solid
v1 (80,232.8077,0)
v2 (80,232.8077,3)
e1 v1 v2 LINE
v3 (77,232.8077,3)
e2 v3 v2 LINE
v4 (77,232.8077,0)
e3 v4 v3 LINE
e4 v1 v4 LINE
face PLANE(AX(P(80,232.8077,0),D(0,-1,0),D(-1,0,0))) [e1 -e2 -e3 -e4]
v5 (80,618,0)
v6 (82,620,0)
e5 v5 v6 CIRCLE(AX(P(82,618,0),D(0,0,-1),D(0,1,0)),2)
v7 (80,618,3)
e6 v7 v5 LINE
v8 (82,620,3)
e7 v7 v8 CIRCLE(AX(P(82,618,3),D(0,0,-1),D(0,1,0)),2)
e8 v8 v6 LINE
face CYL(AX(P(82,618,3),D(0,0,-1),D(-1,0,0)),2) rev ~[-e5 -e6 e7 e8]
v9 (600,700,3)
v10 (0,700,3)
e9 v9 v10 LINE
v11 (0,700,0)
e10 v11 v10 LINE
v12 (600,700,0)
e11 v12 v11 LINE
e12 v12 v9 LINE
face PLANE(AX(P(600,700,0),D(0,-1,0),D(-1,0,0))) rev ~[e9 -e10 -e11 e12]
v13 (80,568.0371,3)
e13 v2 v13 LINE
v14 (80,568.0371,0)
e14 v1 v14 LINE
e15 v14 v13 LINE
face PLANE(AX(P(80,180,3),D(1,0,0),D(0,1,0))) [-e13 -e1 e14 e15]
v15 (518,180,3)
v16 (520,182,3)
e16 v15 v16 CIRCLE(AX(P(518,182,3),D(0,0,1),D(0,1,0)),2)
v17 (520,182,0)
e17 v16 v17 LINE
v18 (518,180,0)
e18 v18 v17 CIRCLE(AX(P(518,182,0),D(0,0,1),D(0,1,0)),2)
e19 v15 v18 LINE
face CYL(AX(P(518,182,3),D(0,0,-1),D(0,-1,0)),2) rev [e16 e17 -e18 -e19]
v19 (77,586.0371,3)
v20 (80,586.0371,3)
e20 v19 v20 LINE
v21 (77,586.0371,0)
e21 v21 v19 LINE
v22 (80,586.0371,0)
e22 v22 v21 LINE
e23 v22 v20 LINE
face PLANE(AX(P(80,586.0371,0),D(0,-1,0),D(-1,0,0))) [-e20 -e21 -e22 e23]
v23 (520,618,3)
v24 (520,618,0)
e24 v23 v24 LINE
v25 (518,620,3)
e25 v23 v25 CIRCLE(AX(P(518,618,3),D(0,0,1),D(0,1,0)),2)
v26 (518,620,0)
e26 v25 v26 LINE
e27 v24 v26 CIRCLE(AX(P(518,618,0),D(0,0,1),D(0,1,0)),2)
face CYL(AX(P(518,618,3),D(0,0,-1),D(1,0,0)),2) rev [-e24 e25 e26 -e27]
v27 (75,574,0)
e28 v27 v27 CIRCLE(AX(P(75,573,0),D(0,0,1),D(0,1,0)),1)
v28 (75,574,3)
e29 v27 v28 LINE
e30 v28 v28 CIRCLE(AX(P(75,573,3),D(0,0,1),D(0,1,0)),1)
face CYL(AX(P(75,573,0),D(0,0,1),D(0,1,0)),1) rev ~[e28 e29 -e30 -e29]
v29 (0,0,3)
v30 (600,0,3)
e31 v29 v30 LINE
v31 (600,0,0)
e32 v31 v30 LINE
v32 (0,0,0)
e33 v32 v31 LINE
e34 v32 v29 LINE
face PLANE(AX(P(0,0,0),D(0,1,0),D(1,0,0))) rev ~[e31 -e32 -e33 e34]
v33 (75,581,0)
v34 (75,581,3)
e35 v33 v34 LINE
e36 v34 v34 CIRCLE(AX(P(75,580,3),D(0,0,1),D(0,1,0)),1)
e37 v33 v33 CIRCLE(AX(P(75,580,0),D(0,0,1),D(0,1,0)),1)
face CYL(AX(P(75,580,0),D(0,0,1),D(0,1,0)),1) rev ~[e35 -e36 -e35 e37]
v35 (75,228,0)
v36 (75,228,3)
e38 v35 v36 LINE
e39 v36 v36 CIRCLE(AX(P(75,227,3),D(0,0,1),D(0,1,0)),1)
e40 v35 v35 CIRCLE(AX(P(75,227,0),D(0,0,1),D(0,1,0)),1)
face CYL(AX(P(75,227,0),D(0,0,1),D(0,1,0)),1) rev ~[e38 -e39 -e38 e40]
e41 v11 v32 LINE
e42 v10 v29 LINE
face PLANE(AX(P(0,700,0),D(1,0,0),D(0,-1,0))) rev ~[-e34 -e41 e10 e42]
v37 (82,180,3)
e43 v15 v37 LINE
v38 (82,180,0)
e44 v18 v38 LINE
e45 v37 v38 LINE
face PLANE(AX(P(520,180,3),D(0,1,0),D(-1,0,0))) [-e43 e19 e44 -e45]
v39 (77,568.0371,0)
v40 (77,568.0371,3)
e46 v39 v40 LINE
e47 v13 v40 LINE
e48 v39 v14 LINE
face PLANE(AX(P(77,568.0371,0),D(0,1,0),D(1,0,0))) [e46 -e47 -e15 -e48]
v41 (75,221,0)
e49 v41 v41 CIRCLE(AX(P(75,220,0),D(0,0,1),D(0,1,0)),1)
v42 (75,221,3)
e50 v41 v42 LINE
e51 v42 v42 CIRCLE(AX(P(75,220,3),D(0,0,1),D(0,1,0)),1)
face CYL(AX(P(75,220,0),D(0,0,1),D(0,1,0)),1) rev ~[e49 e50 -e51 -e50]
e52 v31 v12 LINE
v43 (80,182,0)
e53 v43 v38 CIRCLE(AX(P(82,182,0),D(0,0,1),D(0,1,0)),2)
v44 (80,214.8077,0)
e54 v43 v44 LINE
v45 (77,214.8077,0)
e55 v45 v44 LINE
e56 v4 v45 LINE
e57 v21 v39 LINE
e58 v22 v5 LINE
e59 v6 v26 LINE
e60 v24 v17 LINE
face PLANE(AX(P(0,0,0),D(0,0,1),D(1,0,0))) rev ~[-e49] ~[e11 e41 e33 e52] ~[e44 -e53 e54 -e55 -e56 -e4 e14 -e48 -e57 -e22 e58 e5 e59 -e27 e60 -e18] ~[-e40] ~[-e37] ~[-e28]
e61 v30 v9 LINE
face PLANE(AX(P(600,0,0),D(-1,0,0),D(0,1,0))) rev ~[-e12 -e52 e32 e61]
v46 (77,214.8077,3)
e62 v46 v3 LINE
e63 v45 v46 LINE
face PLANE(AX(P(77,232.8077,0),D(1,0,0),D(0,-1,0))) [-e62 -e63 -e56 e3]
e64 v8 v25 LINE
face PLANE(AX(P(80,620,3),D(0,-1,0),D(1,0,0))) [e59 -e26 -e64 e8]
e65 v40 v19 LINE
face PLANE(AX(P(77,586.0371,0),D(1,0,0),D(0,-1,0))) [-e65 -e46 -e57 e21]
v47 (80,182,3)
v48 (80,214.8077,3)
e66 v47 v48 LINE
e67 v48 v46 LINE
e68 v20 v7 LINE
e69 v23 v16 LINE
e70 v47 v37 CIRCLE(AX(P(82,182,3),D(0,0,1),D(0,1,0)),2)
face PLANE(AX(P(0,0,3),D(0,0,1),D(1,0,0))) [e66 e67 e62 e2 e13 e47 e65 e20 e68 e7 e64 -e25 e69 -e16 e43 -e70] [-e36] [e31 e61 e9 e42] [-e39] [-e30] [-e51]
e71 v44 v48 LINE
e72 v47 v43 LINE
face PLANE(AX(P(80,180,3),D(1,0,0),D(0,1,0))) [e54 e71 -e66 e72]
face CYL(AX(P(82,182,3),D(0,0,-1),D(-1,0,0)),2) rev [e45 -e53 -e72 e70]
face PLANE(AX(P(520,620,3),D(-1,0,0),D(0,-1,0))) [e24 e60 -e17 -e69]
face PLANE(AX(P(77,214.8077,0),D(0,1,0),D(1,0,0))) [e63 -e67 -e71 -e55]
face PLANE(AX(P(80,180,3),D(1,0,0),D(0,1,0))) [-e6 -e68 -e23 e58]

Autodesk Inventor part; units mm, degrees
ref_plane "YZ Plane" through (0, 0, 0) normal (1, 0, 0) x (0, 1, 0)
ref_plane "XZ Plane" through (0, 0, 0) normal (0, 1, 0) x (-1, 0, 0)
ref_plane "XY Plane" through (0, 0, 0) normal (0, 0, 1) x (1, 0, 0)
sketch "Esboço1" plane through (0, 0, 0) normal (0, 0, 1) x (1, 0, 0)
  line L0 (0, 0) -> (600, 0)
  line L1 (600, 0) -> (600, 700)
  line L2 (600, 700) -> (0, 700)
  line L3 (0, 700) -> (0, 0)
  dimension "d0" = 600
  dimension "d1" = 700
extrude "Extrusão1" add sketch "Esboço1" along normal blind 3
sketch "Esboço2" plane through (0, 0, 3) normal (0, 0, 1) x (1, 0, 0)
  line L0 (80, 620) -> (520, 620)
  line L1 (520, 620) -> (520, 180)
  line L2 (520, 180) -> (80, 180)
  line L3 (80, 180) -> (80, 620)
  line L4 (0, 700) -> (0, 0) projected
  line L5 (600, 0) -> (600, 700) projected
  line L6 (600, 700) -> (0, 700) projected
  line L7 (0, 0) -> (600, 0) projected
  dimension "d4" = 80
  dimension "d5" = 80
  dimension "d6" = 80
  dimension "d7" = 180
extrude "Extrusão2" cut sketch "Esboço2" against normal blind 10 contours L0 L1 L2 L3
fillet "Arredondamento1" radius 2 4 edges at (80, 620, 1.5) (520, 620, 1.5) (520, 180, 1.5) (80, 180, 1.5)
sketch "Esboço3" plane through (0, 0, 0) normal (0, 0, -1) x (-1, 0, 0)
  point P0 (0, 0)
  point P1 (-75, 220)
  point P2 (-75, 227)
  point P3 (-75, 580)
  point P4 (-75, 573)
hole "Furo1" at (75, 220, 0) at (75, 227, 0) at (75, 580, 0) at (75, 573, 0) direction (0, 0, 1) diameter 2 end through all
sketch "Esboço4" plane through (0, 0, 0) normal (0, 0, -1) x (-1, 0, 0)
  line L0 (-80, 618) -> (-80, 182) projected
  line L1 (-80, 232.8077) -> (-77, 232.8077)
  line L2 (-77, 232.8077) -> (-77, 214.8077)
  line L3 (-77, 214.8077) -> (-80, 214.8077)
  line L4 (-80, 214.8077) -> (-80, 232.8077)
  line L5 (-80, 586.0371) -> (-77, 586.0371)
  line L6 (-77, 586.0371) -> (-77, 568.0371)
  line L7 (-77, 568.0371) -> (-80, 568.0371)
  line L8 (-80, 568.0371) -> (-80, 586.0371)
  point P0 (0, 0)
  point P1 (-80, 586.0371)
  dimension "d19" = 3
  dimension "d20" = 18
  dimension "d21" = 3
  dimension "d22" = 18
extrude "Extrusão3" cut sketch "Esboço4" against normal blind 10
properties part number "frente" material "MDF - Chapa de fibra de média densidade"
